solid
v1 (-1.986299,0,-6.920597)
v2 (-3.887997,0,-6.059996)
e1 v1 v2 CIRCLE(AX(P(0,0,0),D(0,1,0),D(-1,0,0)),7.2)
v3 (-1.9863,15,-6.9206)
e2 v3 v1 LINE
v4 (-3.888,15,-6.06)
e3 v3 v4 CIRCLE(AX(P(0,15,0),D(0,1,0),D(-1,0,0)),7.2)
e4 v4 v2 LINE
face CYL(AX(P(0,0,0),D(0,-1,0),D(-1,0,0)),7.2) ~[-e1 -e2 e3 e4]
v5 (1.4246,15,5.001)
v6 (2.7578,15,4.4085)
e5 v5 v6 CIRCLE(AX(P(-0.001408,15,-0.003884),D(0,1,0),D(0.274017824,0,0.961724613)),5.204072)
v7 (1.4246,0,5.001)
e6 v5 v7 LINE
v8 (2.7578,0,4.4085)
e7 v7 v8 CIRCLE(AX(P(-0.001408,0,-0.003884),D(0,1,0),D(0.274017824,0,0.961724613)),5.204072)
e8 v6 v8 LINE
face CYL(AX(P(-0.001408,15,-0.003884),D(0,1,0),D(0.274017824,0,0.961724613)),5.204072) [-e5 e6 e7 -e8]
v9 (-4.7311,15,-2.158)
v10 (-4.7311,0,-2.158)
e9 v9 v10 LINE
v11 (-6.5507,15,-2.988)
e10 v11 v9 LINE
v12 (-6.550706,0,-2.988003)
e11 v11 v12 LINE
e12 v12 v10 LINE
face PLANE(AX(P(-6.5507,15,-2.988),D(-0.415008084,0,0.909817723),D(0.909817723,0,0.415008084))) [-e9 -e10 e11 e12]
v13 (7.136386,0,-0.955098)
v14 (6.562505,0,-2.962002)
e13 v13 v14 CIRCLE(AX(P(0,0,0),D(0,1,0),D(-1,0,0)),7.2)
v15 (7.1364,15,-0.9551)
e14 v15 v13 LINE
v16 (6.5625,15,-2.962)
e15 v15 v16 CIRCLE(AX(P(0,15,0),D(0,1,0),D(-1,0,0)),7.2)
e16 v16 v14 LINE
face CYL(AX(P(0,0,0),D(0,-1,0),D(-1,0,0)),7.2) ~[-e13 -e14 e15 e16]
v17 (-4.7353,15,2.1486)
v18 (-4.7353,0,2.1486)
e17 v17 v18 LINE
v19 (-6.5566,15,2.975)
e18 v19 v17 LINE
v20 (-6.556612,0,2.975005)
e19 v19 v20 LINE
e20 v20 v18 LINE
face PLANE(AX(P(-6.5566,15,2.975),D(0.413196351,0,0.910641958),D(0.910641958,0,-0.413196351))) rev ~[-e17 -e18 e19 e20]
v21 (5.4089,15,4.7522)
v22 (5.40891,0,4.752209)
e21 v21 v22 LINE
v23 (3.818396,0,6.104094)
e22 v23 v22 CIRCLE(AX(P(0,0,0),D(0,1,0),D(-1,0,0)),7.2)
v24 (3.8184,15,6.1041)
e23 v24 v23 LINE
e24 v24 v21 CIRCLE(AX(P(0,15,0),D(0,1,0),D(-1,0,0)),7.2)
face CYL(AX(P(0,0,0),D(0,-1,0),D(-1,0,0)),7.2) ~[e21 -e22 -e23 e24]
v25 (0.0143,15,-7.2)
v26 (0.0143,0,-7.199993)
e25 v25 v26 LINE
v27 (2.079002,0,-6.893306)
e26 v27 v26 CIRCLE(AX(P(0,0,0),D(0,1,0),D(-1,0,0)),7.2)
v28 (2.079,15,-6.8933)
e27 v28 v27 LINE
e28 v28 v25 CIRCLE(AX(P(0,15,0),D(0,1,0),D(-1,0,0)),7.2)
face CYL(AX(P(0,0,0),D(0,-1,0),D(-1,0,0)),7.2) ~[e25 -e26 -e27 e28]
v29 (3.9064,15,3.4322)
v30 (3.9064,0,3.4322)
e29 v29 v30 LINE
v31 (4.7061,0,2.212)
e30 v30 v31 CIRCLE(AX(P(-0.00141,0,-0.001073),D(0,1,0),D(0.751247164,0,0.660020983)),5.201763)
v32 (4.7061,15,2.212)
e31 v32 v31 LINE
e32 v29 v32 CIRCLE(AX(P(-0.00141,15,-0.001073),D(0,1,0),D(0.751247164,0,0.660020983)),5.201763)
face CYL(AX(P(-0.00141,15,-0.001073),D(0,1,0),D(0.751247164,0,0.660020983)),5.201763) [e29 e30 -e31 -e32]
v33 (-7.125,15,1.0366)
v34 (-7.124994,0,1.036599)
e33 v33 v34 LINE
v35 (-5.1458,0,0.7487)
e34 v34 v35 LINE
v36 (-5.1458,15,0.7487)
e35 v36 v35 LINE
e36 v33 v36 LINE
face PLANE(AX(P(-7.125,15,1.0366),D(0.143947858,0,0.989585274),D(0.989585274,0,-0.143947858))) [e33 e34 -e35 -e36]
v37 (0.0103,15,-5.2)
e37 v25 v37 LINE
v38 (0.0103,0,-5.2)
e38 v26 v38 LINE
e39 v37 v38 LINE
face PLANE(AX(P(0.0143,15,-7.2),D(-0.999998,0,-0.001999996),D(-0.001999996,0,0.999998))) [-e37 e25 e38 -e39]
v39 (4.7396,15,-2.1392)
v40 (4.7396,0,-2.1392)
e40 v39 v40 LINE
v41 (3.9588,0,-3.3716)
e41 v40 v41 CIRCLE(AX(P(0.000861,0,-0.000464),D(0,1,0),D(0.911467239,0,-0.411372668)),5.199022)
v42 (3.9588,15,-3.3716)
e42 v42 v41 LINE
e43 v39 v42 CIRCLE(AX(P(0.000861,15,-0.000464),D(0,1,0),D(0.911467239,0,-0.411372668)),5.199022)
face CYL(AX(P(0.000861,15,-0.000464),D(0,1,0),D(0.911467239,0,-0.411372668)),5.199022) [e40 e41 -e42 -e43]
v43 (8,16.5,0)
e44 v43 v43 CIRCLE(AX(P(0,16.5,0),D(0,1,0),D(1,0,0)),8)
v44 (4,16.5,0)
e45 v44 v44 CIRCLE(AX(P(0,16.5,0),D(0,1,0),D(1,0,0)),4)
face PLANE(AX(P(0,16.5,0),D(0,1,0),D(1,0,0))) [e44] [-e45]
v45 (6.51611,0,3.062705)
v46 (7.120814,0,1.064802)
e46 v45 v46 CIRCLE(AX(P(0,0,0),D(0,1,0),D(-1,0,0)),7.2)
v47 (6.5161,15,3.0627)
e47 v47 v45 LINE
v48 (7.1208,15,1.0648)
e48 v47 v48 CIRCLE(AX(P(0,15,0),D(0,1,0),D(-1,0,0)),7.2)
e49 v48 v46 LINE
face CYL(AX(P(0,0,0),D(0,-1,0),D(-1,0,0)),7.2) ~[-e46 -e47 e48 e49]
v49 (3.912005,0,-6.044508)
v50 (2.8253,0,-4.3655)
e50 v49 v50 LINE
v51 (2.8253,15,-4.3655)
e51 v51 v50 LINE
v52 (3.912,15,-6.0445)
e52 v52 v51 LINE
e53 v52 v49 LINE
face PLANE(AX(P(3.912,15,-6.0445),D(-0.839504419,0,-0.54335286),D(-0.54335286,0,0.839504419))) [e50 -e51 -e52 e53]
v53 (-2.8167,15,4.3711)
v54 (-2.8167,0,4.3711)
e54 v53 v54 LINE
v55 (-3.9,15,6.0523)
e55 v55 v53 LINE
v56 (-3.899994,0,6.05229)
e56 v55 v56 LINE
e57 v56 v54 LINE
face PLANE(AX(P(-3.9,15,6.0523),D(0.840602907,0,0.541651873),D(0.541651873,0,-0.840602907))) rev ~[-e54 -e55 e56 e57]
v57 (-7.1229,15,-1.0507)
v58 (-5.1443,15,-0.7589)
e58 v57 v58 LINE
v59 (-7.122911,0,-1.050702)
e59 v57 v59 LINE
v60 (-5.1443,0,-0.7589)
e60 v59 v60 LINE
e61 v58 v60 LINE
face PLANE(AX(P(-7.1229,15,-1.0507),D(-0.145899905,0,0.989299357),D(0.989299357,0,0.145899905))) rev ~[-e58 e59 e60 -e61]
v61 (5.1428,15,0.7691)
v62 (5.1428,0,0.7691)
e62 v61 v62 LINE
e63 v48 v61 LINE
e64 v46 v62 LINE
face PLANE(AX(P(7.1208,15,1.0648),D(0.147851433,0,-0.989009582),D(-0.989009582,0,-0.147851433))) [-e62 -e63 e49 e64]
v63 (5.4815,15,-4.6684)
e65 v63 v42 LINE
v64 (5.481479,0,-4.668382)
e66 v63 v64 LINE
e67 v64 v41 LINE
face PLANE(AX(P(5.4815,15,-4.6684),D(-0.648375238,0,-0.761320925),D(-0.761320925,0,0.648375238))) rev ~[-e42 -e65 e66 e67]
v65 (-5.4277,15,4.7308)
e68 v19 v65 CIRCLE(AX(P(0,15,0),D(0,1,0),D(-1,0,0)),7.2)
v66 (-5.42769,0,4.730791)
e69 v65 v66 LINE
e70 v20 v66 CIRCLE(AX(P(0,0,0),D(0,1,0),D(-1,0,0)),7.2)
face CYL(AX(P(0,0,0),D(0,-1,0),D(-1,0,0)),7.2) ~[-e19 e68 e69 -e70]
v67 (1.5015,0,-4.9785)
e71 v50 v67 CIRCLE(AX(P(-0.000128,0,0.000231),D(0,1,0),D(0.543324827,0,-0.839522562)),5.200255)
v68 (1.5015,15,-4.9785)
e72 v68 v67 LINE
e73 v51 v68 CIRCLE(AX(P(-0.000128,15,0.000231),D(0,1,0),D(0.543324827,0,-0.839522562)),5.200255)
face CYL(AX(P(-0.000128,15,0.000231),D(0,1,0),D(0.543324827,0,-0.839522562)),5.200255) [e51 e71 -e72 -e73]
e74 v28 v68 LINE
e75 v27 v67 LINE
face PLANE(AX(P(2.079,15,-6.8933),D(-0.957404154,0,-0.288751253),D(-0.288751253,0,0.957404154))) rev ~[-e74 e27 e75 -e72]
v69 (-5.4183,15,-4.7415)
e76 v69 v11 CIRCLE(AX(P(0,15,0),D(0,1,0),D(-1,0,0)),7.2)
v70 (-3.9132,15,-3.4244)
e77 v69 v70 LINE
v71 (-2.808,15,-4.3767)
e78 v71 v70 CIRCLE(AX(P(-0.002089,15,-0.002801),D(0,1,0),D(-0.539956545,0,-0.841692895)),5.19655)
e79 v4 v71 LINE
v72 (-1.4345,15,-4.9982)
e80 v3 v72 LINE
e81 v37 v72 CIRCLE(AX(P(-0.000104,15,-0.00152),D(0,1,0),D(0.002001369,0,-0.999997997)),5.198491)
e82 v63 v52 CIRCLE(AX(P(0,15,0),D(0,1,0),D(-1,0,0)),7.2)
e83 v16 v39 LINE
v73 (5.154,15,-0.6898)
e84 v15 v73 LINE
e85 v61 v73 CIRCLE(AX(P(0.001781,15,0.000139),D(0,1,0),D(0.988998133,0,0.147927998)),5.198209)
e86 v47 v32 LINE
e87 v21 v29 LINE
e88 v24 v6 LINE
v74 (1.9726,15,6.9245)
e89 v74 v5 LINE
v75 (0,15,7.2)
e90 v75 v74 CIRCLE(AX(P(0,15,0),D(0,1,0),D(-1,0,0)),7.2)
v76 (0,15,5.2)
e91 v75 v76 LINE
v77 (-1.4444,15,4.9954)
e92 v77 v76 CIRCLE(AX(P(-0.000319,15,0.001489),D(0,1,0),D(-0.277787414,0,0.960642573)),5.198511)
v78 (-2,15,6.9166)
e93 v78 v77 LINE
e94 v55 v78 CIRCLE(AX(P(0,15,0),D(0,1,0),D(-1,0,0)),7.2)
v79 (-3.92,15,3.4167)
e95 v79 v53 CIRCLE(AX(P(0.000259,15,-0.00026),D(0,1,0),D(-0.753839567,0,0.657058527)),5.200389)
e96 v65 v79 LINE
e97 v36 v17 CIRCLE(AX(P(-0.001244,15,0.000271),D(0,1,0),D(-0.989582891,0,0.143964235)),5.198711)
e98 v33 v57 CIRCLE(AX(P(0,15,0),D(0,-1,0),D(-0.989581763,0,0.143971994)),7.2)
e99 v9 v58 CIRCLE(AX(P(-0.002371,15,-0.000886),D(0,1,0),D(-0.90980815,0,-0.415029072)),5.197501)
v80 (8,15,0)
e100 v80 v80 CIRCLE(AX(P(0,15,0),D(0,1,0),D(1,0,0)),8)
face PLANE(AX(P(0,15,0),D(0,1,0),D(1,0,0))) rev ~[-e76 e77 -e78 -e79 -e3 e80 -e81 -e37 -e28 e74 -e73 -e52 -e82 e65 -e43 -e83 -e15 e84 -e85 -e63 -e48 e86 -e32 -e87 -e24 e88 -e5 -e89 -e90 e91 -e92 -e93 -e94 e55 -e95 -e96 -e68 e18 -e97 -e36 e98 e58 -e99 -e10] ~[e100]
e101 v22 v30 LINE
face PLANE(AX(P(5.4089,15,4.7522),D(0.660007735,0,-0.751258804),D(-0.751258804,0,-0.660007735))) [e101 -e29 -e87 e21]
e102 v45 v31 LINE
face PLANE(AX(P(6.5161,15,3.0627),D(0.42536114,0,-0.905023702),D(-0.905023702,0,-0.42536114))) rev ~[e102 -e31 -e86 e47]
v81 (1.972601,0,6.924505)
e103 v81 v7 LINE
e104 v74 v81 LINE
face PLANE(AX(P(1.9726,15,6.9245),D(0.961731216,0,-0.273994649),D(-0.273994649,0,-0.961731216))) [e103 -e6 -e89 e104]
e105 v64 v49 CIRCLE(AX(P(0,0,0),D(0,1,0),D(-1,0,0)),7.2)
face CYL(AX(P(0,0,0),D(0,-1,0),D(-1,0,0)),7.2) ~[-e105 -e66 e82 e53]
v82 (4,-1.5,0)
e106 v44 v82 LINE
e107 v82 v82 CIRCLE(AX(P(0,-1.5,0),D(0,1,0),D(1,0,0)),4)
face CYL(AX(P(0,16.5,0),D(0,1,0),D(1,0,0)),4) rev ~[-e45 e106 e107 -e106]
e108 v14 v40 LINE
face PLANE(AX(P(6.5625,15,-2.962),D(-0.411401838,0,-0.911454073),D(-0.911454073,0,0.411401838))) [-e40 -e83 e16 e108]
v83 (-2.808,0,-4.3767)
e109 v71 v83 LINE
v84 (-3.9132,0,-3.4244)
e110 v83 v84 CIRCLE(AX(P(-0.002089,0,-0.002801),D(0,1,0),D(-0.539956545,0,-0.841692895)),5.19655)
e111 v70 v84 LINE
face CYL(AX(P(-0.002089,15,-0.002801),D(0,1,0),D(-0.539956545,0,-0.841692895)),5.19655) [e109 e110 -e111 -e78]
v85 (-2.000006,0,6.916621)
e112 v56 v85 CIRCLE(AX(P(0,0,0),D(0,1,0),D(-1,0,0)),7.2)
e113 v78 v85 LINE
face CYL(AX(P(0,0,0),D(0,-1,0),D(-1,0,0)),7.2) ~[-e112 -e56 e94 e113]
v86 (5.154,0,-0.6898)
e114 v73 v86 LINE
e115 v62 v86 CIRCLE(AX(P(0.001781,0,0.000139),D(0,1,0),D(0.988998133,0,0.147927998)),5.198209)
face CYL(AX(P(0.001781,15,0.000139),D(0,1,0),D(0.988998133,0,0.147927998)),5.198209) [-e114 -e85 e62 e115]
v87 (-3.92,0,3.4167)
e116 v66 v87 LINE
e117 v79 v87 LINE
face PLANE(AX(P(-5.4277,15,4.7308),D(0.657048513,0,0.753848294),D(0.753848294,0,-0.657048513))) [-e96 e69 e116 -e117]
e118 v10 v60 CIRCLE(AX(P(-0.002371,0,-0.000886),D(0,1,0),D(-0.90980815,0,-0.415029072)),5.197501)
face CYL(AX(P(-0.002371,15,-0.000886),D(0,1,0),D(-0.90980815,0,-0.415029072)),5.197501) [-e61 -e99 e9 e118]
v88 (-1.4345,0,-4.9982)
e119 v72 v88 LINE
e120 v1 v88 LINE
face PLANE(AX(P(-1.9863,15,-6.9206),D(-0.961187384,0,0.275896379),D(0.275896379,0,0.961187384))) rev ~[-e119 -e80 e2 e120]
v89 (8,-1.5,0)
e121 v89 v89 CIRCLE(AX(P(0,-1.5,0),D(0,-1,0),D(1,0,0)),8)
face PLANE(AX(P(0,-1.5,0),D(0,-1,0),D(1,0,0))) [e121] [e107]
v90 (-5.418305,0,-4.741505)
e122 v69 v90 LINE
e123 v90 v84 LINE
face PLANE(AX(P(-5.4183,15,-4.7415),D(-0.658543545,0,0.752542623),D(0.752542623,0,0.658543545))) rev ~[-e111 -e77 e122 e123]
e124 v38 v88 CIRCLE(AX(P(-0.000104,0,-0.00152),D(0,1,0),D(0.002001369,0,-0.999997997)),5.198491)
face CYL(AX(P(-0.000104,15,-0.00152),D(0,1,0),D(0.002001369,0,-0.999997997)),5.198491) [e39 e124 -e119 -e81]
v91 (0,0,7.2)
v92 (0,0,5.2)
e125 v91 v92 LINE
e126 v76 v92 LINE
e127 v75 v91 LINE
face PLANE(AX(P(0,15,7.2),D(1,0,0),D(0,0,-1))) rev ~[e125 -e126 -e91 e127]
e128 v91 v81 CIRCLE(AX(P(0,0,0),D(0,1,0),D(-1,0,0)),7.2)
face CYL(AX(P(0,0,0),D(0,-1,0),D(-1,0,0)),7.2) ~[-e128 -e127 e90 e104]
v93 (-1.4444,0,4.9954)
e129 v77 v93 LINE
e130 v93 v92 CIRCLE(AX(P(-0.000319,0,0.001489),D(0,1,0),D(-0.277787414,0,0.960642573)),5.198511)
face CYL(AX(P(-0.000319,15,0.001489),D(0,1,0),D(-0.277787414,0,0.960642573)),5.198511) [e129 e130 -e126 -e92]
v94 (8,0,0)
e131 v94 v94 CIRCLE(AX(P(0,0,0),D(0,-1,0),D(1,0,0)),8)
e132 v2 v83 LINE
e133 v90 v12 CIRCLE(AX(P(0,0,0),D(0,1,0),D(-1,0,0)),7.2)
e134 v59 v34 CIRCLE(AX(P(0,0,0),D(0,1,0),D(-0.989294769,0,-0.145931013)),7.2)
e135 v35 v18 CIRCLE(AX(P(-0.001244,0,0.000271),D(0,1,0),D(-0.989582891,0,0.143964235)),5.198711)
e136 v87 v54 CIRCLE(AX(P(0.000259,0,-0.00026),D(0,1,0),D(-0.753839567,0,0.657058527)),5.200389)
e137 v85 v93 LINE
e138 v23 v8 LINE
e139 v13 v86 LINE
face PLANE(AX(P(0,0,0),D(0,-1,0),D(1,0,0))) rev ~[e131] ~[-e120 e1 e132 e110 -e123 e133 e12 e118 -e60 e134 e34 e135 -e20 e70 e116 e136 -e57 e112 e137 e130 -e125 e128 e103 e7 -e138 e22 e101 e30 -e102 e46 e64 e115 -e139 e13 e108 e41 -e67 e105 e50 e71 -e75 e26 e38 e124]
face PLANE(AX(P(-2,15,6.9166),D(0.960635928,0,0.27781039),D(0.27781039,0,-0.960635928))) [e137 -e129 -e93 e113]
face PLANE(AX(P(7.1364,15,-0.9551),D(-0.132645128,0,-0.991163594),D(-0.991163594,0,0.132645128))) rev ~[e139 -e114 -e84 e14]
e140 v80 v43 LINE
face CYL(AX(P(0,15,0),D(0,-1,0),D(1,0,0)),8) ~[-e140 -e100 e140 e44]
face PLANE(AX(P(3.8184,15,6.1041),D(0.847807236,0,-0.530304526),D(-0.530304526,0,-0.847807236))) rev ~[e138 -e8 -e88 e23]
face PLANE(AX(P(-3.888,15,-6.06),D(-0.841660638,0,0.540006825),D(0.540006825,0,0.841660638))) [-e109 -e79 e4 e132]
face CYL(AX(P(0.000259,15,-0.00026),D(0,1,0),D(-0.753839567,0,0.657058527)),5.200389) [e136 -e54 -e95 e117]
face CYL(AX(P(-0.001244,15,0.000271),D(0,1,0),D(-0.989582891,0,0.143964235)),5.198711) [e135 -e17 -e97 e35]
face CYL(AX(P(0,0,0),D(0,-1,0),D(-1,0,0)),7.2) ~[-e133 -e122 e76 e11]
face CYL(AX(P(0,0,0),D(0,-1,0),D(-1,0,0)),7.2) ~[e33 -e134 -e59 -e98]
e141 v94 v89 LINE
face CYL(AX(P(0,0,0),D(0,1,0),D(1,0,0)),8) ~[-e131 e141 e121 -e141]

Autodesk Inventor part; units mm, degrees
ref_plane "YZ Plane" through (0, 0, 0) normal (1, 0, 0) x (0, 1, 0)
ref_plane "XZ Plane" through (0, 0, 0) normal (0, 1, 0) x (-1, 0, 0)
ref_plane "XY Plane" through (0, 0, 0) normal (0, 0, 1) x (1, 0, 0)
sketch "Esquisse2" plane through (0, 0, 0) normal (0, 1, 0) x (-1, 0, 0)
  circle A0 centre (0, 0) radius 7.2
  dimension "d0" = 14.4
extrude "Extrusion1" add sketch "Esquisse2" along normal blind 15
sketch "Esquisse4" plane through (0, 15, 0) normal (0, 1, 0) x (1, 0, 0)
  circle A0 centre (0, 0) radius 7.2 projected
  circle A1 centre (0, 0) radius 7.2 projected
  arc A2 (-2, -6.9166) -> (0, -7.2) centre (0, 0) ccw
  arc A3 (-1.4444, -4.9954) -> (0, -5.2) centre (0, 0) ccw
  line L0 (-2, -6.9166) -> (-1.4444, -4.9954)
  line L1 (0, -7.2) -> (0, -5.2)
  line L2 (0, 0) -> (-4.1531, -9.129)
  arc A4 (-5.4277, -4.7308) -> (-3.9, -6.0523) centre (0, 0) ccw
  arc A5 (-3.92, -3.4167) -> (-2.8167, -4.3711) centre (0, 0) ccw
  line L3 (-3.9, -6.0523) -> (-2.8167, -4.3711)
  line L4 (-5.4277, -4.7308) -> (-3.92, -3.4167)
  line L5 (0, -6) -> (0, 5.5969) construction
  line L6 (0, 0) -> (-5.5895, -3.594)
  arc A6 (-6.5507, 2.988) -> (-7.1229, 1.0507) centre (0, 0) ccw
  arc A7 (-4.7311, 2.158) -> (-5.1443, 0.7589) centre (0, 0) ccw
  line L7 (-7.1229, 1.0507) -> (-5.1443, 0.7589)
  line L8 (-6.5507, 2.988) -> (-4.7311, 2.158)
  arc A8 (-7.125, -1.0366) -> (-6.5566, -2.975) centre (0, 0) ccw
  arc A9 (-5.1458, -0.7487) -> (-4.7353, -2.1486) centre (0, 0) ccw
  line L9 (-7.125, -1.0366) -> (-5.1458, -0.7487)
  line L10 (-6.5566, -2.975) -> (-4.7353, -2.1486)
  line L11 (-2, -6.9166) -> (-3.9, -6.0523) construction
  line L12 (-5.4277, -4.7308) -> (-6.5566, -2.975) construction
  line L13 (-2, -6.9166) -> (0, -7.2) construction
  line L14 (0, 0) -> (-5.7368, 3.7048)
  arc A10 (-3.888, 6.06) -> (-5.4183, 4.7415) centre (0, 0) ccw
  line L15 (-5.4183, 4.7415) -> (-3.9132, 3.4244)
  line L16 (-3.888, 6.06) -> (-2.808, 4.3767)
  arc A11 (-2.808, 4.3767) -> (-3.9132, 3.4244) centre (0, 0) ccw
  line L17 (-1.9863, 6.9206) -> (-1.4345, 4.9982)
  arc A12 (0.0143, 7.2) -> (-1.9863, 6.9206) centre (0, 0) ccw
  arc A13 (0.0103, 5.2) -> (-1.4345, 4.9982) centre (0, 0) ccw
  line L18 (0.0143, 7.2) -> (0.0103, 5.2)
  line L19 (-6.5507, 2.988) -> (-5.4183, 4.7415) construction
  line L20 (0, 0) -> (1.7786, 11.975)
  arc A14 (1.9726, -6.9245) -> (3.8184, -6.1041) centre (0, 0) ccw
  arc A15 (1.4246, -5.001) -> (2.7578, -4.4085) centre (0, 0) ccw
  line L21 (1.9726, -6.9245) -> (1.4246, -5.001)
  line L22 (3.8184, -6.1041) -> (2.7578, -4.4085)
  arc A16 (7.1208, -1.0648) -> (7.1364, 0.9551) centre (0, 0) ccw
  line L23 (7.1364, 0.9551) -> (5.154, 0.6898)
  line L24 (7.1208, -1.0648) -> (5.1428, -0.7691)
  arc A17 (5.1428, -0.7691) -> (5.154, 0.6898) centre (0, 0) ccw
  line L25 (6.5161, -3.0627) -> (4.7061, -2.212)
  arc A18 (5.4089, -4.7522) -> (6.5161, -3.0627) centre (0, 0) ccw
  arc A19 (3.9064, -3.4322) -> (4.7061, -2.212) centre (0, 0) ccw
  line L26 (5.4089, -4.7522) -> (3.9064, -3.4322)
  line L27 (3.8184, -6.1041) -> (5.4089, -4.7522) construction
  line L28 (2.079, 6.8933) -> (1.5015, 4.9785)
  arc A20 (2.8253, 4.3655) -> (1.5015, 4.9785) centre (0, 0) ccw
  line L29 (3.912, 6.0445) -> (2.8253, 4.3655)
  arc A21 (3.912, 6.0445) -> (2.079, 6.8933) centre (0, 0) ccw
  arc A22 (4.7396, 2.1392) -> (3.9588, 3.3716) centre (0, 0) ccw
  line L30 (5.4815, 4.6684) -> (3.9588, 3.3716)
  line L31 (6.5625, 2.962) -> (4.7396, 2.1392)
  arc A23 (6.5625, 2.962) -> (5.4815, 4.6684) centre (0, 0) ccw
  line L32 (7.1364, 0.9551) -> (6.5625, 2.962) construction
  line L33 (0.0143, 7.2) -> (2.079, 6.8933) construction
  point P0 (3.8184, -6.1041)
  point P1 (6.5161, -3.0627)
  point P2 (7.1208, -1.0648)
  point P3 (7.1364, 0.9551)
  point P4 (5.4815, 4.6684)
  point P5 (2.079, 6.8933)
  point P6 (-6.5507, 2.988)
  point P7 (-7.1229, 1.0507)
  point P8 (-6.5566, -2.975)
  point P9 (-2, -6.9166)
  point P10 (0, -7.2)
  point P11 (-5.4277, -4.7308)
  point P12 (-3.9, -6.0523)
  dimension "d13" = 2
  dimension "d14" = 2
  dimension "d16" = 1.9
extrude "Extrusion2" cut sketch "Esquisse4" against normal through all contours A0 L24 A17 L23 | L31 A22 L30 A0 | A0 L26 A19 L25 | L29 A20 L28 A0 | A0 L21 A15 L22 | A0 L0 A3 L1 | L18 A13 L17 A0 | L16 A11 L15 A0 | A0 L4 A5 L3 | L8 A7 L7 A0 | A0 L9 A9 L10
sketch "Esquisse5" plane through (0, 15, 0) normal (0, 1, 0) x (1, 0, 0)
  point P0 (0, 0)
sketch "Esquisse6" plane through (0, 15, 0) normal (0, 1, 0) x (1, 0, 0)
  circle A0 centre (0, 0) radius 8
  dimension "d19" = 16
extrude "Extrusion3" add sketch "Esquisse6" along normal blind 1.5
sketch "Esquisse7" plane through (0, 0, 0) normal (0, -1, 0) x (1, 0, 0)
  circle A0 centre (0, 0) radius 8
extrude "Extrusion4" add sketch "Esquisse7" along normal blind 1.5
sketch "Esquisse8" plane through (0, 16.5, 0) normal (0, 1, 0) x (1, 0, 0)
  circle A0 centre (0, 0) radius 4
  dimension "d24" = 8
extrude "Extrusion5" cut sketch "Esquisse8" against normal through all
properties part number "Pièce_moteur_courroie_test_1"
